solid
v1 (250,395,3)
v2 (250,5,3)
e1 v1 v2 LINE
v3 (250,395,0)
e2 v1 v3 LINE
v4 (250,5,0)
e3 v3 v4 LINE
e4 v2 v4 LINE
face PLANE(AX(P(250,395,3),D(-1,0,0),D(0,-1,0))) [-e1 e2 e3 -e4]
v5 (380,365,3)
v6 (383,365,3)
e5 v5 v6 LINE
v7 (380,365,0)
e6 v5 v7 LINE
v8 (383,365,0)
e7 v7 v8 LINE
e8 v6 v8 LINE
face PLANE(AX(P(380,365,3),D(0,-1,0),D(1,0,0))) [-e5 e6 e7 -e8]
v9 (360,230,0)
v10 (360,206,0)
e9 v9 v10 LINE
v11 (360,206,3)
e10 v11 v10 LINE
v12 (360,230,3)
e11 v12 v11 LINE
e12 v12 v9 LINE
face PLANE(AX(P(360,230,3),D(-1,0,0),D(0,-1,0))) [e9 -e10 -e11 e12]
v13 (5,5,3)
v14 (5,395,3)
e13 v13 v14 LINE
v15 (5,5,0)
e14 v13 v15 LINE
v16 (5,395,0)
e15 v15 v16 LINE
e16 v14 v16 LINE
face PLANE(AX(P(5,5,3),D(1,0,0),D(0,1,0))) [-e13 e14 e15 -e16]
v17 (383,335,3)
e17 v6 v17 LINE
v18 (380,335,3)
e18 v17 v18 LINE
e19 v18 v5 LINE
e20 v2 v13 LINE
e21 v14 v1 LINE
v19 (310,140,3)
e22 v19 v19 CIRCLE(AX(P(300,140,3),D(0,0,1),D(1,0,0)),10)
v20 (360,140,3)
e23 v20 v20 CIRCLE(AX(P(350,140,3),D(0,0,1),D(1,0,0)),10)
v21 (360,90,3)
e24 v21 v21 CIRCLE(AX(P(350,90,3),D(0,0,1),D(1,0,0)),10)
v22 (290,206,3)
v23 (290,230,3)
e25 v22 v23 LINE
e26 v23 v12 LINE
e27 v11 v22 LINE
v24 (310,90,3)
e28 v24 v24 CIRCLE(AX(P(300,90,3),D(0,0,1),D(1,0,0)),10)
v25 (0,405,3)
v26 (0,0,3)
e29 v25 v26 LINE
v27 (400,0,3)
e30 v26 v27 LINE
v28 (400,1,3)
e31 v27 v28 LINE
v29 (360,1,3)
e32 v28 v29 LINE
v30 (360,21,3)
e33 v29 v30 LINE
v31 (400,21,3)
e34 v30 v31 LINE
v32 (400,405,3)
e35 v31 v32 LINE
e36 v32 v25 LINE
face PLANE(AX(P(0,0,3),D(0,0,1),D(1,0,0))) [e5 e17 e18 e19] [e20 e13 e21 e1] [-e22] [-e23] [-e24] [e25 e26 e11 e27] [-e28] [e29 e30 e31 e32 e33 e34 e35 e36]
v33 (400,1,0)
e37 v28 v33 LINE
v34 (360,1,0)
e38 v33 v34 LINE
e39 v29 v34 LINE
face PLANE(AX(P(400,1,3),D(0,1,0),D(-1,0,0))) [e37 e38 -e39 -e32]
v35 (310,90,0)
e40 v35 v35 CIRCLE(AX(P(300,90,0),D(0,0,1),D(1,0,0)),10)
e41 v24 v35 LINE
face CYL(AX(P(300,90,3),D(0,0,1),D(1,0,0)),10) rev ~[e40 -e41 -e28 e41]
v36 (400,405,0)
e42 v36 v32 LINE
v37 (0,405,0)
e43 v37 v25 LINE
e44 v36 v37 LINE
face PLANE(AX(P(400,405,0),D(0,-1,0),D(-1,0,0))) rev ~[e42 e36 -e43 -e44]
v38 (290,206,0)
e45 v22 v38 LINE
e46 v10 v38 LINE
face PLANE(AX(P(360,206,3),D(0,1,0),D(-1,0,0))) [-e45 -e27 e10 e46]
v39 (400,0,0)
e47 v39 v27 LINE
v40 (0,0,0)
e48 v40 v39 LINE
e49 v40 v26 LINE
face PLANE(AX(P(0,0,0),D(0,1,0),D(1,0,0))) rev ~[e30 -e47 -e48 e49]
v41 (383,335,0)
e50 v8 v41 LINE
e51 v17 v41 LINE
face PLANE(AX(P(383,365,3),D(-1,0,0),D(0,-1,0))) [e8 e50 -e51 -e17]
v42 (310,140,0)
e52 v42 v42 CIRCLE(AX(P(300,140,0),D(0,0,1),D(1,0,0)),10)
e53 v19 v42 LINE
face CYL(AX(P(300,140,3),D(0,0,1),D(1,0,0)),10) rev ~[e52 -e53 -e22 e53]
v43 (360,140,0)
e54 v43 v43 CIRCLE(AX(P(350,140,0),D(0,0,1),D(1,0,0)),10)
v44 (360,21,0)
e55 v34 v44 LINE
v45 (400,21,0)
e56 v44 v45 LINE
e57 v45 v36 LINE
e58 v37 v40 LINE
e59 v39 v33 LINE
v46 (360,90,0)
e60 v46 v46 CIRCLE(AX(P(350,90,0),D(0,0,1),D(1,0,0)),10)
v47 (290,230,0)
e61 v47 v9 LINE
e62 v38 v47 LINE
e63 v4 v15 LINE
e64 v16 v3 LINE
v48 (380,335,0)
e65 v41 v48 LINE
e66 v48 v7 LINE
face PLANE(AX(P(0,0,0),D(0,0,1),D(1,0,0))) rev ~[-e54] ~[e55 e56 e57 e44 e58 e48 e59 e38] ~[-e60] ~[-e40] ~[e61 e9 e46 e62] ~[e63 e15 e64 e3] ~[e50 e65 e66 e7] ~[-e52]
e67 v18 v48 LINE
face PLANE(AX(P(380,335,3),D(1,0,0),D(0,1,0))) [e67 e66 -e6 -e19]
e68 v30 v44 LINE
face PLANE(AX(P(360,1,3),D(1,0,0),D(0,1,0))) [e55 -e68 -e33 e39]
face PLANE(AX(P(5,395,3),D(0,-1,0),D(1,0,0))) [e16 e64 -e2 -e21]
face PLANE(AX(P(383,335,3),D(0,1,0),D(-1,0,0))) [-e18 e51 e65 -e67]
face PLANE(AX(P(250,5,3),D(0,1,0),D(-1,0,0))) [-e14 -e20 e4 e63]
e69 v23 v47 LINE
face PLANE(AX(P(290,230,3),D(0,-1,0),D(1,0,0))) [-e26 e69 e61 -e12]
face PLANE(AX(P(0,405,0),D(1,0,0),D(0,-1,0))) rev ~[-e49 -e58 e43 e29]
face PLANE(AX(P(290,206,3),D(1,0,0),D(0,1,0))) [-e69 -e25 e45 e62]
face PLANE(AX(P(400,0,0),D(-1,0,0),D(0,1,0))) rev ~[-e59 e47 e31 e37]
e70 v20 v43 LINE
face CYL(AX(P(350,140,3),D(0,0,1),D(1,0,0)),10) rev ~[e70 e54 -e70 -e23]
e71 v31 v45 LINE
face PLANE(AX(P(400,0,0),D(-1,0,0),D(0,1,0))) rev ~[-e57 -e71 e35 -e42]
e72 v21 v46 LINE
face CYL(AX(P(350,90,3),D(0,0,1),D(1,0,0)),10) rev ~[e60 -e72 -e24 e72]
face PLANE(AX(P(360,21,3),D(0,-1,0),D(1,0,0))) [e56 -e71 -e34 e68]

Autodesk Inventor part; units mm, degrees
ref_plane "YZ Plane" through (0, 0, 0) normal (1, 0, 0) x (0, 1, 0)
ref_plane "XZ Plane" through (0, 0, 0) normal (0, 1, 0) x (-1, 0, 0)
ref_plane "XY Plane" through (0, 0, 0) normal (0, 0, 1) x (1, 0, 0)
sketch "Esquisse1" plane through (0, 0, 0) normal (0, 0, 1) x (1, 0, 0)
  line L0 (0, 0) -> (400, 0)
  line L1 (400, 0) -> (400, 405)
  line L2 (400, 405) -> (0, 405)
  line L3 (0, 405) -> (0, 0)
  dimension "d0" = 400
  dimension "d1" = 405
extrude "Extrusion1" add sketch "Esquisse1" along normal blind 3
sketch "Esquisse2" plane through (0, 0, 3) normal (0, 0, 1) x (1, 0, 0)
  line L0 (5, 395) -> (250, 395)
  line L1 (250, 395) -> (250, 5)
  line L2 (250, 5) -> (5, 5)
  line L3 (5, 5) -> (5, 395)
  line L4 (0, 0) -> (400, 0) projected
  line L5 (0, 405) -> (0, 0) projected
  dimension "d4" = 390
  dimension "d5" = 5
  dimension "d6" = 5
  dimension "d7" = 245
extrude "Extrusion2" cut sketch "Esquisse2" against normal blind 3
sketch "Esquisse3" plane through (0, 0, 3) normal (0, 0, 1) x (1, 0, 0)
  line L0 (290, 230) -> (360, 230)
  line L1 (360, 230) -> (360, 206)
  line L2 (360, 206) -> (290, 206)
  line L3 (290, 206) -> (290, 230)
  line L4 (250, 395) -> (250, 5) projected
  line L5 (400, 405) -> (0, 405) projected
  circle A0 centre (300, 140) radius 10
  circle A1 centre (350, 140) radius 10
  circle A2 centre (300, 90) radius 10
  circle A3 centre (350, 90) radius 10
  line L6 (0, 0) -> (400, 0) projected
  dimension "d10" = 24
  dimension "d11" = 70
  dimension "d13" = 40
  dimension "d14" = 175
  dimension "d17" = 20
  dimension "d18" = 20
  dimension "d19" = 20
  dimension "d20" = 20
  dimension "d21" = 50
  dimension "d22" = 100
  dimension "d23" = 140
  dimension "d24" = 140
  dimension "d25" = 50
  dimension "d26" = 90
  dimension "d27" = 90
  dimension "d28" = 100
extrude "Extrusion3" cut sketch "Esquisse3" against normal blind 3
sketch "Esquisse4" plane through (0, 0, 3) normal (0, 0, 1) x (1, 0, 0)
  line L0 (380, 365) -> (383, 365)
  line L1 (383, 365) -> (383, 335)
  line L2 (383, 335) -> (380, 335)
  line L3 (380, 335) -> (380, 365)
  line L4 (250, 395) -> (250, 5) projected
  line L5 (400, 405) -> (0, 405) projected
  point P0 (0, 0)
  dimension "d29" = 30
  dimension "d30" = 3
  dimension "d31" = 130
  dimension "d32" = 40
extrude "Extrusion4" cut sketch "Esquisse4" against normal blind 3
sketch "Esquisse5" plane through (0, 0, 3) normal (0, 0, 1) x (1, 0, 0)
  line L0 (360, 21) -> (400, 21)
  line L1 (400, 21) -> (400, 1)
  line L2 (400, 1) -> (360, 1)
  line L3 (360, 1) -> (360, 21)
  line L4 (400, 0) -> (400, 405) projected
  line L5 (0, 0) -> (400, 0) projected
  dimension "d35" = 40
  dimension "d36" = 0
  dimension "d37" = 1
  dimension "d38" = 20
extrude "Extrusion5" cut sketch "Esquisse5" against normal blind 3
properties part number "face-avant"
